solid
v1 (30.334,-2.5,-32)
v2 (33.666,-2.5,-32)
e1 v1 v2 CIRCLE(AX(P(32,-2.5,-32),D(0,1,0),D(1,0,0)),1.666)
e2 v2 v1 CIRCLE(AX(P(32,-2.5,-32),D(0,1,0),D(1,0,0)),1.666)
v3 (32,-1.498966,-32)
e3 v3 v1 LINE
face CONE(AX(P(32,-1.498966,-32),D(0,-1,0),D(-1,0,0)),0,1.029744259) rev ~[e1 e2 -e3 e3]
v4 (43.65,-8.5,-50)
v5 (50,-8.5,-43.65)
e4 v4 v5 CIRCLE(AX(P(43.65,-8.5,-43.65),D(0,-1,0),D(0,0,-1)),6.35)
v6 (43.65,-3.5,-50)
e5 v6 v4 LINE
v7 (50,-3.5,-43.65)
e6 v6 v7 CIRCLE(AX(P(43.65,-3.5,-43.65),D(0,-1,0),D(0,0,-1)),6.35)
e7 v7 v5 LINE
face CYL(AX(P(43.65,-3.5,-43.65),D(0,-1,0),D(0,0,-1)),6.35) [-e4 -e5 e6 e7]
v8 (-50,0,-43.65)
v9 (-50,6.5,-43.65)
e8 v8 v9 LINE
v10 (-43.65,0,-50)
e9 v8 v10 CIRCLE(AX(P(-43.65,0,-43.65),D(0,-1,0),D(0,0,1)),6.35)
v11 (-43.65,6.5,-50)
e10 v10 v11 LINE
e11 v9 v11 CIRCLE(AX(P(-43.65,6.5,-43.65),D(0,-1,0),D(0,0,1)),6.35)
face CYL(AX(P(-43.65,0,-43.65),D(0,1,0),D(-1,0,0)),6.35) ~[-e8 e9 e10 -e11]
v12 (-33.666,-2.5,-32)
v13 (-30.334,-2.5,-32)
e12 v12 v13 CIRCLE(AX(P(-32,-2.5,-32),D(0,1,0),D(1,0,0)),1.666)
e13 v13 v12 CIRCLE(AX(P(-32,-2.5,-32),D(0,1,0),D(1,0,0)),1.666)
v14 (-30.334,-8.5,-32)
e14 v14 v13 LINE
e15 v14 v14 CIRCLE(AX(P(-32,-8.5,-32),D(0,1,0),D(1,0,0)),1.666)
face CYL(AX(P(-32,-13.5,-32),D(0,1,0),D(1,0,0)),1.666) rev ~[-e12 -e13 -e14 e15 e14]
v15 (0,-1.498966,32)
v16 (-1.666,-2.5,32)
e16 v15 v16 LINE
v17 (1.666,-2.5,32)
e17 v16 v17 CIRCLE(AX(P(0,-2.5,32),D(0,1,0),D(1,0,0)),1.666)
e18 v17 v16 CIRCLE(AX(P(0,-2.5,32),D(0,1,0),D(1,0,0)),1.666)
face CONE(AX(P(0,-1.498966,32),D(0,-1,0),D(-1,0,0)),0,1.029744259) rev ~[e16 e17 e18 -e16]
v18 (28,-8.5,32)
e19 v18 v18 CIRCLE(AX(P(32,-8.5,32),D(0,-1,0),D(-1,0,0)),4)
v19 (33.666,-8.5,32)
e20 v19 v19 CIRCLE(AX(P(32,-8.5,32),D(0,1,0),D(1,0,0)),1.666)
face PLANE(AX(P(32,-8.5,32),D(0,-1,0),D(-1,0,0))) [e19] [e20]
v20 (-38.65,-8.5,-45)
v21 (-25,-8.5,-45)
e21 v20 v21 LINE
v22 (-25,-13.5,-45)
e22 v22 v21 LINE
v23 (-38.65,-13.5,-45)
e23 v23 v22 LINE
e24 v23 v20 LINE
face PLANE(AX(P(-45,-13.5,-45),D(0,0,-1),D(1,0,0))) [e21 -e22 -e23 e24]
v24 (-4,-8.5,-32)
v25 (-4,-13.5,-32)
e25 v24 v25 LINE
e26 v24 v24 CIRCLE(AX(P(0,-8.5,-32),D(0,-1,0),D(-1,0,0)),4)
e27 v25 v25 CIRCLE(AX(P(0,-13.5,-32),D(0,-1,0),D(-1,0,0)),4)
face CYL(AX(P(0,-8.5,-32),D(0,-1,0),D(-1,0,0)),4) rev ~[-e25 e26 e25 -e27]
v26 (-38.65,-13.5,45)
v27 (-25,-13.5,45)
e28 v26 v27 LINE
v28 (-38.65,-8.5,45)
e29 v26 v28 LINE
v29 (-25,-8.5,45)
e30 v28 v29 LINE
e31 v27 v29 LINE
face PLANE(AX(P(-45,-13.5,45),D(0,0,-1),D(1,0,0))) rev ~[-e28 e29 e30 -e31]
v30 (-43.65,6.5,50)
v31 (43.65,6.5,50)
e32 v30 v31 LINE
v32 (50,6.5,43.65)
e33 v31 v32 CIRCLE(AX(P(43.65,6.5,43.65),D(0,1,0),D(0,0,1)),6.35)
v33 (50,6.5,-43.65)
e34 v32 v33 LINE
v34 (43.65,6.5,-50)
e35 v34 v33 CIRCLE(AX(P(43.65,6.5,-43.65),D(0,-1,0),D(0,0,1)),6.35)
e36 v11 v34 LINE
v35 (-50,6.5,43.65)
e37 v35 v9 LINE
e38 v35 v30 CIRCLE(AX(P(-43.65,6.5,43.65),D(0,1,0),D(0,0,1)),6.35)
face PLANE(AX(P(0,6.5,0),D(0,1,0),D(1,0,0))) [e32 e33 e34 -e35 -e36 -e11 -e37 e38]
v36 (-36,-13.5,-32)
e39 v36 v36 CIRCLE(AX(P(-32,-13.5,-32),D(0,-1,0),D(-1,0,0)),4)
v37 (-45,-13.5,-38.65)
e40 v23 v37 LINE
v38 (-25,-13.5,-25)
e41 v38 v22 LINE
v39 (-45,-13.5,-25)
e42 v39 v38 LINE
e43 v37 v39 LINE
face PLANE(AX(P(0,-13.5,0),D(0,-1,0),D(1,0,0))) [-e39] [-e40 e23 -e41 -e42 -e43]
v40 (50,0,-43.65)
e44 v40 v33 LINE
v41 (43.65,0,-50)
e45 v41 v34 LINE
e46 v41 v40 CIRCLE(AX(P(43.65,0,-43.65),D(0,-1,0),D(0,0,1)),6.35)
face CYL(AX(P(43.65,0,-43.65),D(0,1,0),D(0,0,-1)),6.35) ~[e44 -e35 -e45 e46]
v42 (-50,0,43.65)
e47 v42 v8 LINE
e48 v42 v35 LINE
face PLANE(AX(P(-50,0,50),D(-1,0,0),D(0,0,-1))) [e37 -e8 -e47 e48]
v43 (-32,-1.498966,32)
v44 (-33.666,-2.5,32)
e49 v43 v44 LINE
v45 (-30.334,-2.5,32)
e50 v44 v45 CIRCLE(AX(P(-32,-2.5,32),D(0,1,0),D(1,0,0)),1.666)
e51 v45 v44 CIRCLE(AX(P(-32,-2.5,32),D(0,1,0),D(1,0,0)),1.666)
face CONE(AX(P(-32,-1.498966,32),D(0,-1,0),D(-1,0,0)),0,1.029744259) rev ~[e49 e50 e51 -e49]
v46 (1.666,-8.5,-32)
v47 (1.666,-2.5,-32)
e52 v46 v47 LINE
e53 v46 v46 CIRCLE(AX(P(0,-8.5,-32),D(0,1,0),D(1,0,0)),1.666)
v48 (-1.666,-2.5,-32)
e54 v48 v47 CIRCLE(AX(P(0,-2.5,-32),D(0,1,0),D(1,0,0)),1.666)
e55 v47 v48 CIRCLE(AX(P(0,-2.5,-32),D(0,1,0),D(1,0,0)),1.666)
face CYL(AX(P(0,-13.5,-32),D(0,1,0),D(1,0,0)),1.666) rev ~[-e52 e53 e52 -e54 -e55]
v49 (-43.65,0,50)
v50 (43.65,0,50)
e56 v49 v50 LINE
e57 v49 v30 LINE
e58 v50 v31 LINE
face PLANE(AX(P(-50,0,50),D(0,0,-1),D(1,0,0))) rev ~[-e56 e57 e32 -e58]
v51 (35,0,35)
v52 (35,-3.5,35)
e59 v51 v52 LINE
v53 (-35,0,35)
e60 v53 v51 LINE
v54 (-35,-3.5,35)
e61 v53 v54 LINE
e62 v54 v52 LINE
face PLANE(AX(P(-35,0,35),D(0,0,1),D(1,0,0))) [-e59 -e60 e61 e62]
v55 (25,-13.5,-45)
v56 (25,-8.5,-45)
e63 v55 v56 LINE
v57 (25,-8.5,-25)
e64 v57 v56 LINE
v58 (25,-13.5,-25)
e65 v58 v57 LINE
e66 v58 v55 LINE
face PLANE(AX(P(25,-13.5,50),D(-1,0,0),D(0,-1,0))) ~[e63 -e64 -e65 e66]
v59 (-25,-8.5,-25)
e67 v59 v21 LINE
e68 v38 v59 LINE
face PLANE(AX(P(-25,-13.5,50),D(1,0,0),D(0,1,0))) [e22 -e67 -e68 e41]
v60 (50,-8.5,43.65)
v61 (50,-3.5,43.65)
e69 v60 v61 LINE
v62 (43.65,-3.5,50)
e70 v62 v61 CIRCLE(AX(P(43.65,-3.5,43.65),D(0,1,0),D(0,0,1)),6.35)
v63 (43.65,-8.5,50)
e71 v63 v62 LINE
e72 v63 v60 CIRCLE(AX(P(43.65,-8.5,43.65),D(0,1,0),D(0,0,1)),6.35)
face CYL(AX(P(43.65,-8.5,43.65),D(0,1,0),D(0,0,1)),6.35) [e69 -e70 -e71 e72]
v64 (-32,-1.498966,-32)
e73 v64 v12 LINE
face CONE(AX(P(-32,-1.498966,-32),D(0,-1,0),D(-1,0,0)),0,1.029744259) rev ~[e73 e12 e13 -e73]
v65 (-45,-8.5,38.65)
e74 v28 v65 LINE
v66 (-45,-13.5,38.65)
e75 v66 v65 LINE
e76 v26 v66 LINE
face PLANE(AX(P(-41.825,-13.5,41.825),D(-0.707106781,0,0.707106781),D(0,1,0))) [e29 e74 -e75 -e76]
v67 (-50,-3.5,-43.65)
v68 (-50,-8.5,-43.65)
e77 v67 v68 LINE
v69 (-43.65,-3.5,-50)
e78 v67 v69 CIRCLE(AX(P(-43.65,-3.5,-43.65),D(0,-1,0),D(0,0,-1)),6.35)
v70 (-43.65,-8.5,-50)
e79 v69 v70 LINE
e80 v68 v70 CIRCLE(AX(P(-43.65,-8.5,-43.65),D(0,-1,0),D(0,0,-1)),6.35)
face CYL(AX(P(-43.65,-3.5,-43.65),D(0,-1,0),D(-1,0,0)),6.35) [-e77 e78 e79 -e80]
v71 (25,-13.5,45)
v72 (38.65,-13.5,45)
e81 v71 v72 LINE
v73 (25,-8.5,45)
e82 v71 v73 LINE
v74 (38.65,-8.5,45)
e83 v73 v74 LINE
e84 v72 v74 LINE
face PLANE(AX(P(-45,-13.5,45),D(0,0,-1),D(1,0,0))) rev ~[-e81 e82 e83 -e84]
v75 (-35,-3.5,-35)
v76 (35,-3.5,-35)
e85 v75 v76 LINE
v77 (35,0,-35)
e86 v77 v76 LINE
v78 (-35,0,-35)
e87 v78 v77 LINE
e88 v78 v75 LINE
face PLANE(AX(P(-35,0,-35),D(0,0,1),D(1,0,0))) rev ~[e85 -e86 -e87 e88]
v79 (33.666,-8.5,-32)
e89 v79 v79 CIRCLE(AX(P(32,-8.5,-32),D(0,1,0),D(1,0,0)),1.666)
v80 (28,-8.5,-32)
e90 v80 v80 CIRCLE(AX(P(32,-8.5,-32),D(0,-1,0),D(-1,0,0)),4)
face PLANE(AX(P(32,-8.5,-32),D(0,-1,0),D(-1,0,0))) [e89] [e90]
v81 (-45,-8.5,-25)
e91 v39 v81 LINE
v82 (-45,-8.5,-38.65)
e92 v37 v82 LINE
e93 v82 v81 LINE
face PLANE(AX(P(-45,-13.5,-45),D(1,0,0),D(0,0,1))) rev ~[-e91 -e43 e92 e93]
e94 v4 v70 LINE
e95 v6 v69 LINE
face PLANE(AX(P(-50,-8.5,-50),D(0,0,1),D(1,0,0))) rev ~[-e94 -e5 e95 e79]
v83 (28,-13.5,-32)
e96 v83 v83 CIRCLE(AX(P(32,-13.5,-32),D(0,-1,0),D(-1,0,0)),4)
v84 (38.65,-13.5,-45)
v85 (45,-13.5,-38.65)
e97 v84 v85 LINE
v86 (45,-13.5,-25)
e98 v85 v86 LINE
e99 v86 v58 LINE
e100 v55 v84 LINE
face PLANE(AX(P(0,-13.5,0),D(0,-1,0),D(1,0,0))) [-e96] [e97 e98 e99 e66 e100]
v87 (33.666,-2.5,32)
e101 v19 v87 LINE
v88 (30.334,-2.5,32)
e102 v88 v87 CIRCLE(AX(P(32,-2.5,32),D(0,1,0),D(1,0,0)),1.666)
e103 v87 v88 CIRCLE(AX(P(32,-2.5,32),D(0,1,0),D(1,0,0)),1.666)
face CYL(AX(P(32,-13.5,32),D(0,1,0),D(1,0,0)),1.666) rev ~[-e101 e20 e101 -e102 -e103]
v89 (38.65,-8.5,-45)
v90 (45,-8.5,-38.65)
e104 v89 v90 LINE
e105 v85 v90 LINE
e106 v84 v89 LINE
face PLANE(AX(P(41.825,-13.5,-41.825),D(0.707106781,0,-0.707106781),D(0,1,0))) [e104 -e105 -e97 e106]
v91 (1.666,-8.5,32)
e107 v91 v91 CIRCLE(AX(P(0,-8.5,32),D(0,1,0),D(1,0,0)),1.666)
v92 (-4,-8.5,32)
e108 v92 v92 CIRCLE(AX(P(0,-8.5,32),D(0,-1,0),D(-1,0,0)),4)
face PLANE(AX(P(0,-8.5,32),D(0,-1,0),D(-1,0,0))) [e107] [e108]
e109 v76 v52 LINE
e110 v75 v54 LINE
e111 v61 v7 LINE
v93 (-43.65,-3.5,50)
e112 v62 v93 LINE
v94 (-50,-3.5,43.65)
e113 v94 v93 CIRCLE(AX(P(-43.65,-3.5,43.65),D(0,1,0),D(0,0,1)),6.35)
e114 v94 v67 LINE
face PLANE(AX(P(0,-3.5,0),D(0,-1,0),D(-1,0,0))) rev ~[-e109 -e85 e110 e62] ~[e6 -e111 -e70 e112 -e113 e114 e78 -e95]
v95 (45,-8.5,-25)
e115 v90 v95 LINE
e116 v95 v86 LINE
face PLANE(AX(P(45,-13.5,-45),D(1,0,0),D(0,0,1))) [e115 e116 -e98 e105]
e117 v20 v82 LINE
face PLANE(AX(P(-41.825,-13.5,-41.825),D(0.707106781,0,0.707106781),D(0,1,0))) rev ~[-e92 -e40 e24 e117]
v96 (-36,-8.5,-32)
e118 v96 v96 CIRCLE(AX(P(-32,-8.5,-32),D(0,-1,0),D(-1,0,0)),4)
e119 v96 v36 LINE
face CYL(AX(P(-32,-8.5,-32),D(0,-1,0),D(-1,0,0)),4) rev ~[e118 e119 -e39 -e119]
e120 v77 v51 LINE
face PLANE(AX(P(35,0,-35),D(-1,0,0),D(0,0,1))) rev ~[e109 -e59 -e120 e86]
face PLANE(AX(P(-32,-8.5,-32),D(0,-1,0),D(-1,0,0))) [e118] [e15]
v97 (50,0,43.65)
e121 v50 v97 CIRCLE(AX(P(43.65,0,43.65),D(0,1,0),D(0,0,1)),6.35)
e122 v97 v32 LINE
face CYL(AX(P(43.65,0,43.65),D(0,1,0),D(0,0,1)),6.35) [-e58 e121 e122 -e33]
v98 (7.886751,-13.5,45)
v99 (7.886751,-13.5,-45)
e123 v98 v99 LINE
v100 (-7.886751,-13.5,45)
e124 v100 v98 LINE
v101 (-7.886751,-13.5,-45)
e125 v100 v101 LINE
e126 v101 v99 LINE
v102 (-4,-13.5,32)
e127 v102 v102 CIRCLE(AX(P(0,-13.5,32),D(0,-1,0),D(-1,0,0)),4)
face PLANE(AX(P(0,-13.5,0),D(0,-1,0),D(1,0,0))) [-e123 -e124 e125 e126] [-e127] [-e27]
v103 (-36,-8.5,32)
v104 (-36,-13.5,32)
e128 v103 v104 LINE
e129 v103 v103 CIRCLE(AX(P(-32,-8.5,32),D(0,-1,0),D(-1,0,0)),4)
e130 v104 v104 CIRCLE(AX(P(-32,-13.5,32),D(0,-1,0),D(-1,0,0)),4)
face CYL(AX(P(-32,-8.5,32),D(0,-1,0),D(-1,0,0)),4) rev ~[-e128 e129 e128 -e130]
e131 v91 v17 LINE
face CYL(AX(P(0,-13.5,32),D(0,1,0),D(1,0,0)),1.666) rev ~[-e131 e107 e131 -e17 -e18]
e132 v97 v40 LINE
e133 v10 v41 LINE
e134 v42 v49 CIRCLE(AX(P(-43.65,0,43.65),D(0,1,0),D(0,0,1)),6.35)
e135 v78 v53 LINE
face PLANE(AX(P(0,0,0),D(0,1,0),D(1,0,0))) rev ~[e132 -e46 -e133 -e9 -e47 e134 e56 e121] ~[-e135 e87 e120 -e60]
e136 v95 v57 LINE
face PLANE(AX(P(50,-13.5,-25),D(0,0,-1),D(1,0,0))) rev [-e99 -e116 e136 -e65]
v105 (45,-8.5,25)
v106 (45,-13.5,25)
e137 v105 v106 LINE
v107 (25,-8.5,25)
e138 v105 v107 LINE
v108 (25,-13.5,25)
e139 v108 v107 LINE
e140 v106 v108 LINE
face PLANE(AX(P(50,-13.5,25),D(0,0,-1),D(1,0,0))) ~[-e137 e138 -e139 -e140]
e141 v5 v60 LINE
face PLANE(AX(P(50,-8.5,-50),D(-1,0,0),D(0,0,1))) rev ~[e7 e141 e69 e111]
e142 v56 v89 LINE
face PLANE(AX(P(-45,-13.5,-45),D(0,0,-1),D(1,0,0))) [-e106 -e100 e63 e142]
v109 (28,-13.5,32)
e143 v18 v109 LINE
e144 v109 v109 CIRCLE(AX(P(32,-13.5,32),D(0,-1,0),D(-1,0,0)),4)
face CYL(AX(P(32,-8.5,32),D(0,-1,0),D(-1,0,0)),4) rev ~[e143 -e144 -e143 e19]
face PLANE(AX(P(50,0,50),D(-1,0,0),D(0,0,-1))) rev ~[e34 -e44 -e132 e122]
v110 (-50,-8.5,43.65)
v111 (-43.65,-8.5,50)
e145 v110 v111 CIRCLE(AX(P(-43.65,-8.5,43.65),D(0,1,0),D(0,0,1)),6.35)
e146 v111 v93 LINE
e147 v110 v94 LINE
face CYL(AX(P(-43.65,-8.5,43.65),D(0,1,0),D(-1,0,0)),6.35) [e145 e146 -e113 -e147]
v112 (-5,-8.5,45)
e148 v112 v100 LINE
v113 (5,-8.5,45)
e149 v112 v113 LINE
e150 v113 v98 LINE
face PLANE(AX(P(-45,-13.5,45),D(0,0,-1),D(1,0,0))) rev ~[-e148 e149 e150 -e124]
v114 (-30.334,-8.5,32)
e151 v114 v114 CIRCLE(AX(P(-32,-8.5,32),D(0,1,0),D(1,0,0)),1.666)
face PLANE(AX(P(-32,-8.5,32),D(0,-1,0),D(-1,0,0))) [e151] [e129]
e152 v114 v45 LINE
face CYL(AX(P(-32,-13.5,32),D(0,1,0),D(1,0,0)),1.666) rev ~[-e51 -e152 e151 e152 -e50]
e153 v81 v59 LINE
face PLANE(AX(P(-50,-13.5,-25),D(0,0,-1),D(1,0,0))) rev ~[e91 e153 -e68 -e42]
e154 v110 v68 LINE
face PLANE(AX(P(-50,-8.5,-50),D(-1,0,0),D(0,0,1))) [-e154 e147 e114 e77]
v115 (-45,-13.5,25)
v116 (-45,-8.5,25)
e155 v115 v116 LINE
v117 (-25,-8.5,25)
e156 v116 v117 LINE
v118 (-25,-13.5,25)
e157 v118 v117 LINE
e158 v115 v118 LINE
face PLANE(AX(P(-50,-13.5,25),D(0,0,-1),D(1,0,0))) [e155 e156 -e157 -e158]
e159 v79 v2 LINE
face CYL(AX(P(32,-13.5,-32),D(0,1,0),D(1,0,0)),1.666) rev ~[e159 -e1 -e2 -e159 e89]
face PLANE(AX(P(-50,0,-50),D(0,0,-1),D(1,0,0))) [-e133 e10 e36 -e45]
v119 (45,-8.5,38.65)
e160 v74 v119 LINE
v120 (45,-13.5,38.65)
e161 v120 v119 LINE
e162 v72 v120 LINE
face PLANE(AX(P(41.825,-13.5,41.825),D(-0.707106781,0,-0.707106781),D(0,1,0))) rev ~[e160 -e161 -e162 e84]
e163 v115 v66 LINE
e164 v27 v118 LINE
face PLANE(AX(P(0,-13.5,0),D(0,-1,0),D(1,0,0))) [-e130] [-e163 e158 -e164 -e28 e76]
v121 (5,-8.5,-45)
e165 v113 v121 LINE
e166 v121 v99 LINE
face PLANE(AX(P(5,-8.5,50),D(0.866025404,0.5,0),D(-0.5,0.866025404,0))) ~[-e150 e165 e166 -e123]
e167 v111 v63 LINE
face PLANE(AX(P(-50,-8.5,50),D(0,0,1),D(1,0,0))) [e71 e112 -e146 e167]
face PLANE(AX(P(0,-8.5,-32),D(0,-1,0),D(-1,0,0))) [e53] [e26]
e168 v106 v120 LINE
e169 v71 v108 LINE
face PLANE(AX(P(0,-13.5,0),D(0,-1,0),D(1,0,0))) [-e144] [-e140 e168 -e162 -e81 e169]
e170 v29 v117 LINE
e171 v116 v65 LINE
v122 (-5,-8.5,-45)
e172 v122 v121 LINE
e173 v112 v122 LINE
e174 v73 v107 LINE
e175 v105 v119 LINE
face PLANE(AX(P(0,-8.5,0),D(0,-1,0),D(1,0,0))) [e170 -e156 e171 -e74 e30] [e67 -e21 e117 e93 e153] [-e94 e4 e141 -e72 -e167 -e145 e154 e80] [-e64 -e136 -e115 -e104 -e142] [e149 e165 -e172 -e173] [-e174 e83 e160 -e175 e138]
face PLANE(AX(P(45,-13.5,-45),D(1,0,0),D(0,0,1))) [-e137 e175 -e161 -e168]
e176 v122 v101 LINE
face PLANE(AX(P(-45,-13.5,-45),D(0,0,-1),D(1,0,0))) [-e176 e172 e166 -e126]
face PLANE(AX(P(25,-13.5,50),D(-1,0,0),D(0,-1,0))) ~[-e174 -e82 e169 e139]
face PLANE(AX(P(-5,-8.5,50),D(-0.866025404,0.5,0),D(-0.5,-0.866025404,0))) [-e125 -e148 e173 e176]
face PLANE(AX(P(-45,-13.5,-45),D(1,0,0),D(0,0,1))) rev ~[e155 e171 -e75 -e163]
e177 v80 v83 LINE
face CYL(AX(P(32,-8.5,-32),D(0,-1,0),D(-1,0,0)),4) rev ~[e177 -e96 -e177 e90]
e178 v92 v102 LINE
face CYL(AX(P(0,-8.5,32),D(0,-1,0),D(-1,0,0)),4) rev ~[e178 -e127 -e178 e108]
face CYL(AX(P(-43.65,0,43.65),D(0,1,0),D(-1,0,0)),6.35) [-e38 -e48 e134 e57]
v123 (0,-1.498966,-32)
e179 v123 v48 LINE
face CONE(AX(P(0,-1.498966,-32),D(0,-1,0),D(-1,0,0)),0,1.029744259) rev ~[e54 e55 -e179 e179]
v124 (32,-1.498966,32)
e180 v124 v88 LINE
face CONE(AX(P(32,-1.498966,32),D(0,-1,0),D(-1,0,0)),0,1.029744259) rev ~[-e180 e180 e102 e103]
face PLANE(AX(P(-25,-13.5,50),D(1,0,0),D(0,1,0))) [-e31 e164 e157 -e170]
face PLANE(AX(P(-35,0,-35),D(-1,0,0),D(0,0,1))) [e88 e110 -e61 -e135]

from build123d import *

# Parameters (mm, degrees)
SKETCH1_W                                   = 100
SKETCH1_H                                   = 100
BOSS_EXTRUDE1_DEPTH                         = 6.5
SKETCH2_W                                   = 100
SKETCH2_H                                   = 100
BOSS_EXTRUDE2_DEPTH                         = 5
SKETCH3_W                                   = 100
SKETCH3_H                                   = 100
BOSS_EXTRUDE3_DEPTH                         = 5
CUT_EXTRUDE1_DEPTH                          = 101
SKETCH6_W                                   = 100
SKETCH6_H                                   = 100
SKETCH6_W_2                                 = 90
SKETCH6_H_2                                 = 90
CUT_EXTRUDE2_DEPTH                          = 5
SKETCH9_W                                   = 70
SKETCH9_H                                   = 70
BOSS_EXTRUDE4_DEPTH                         = 3.5
CBORE_FOR_M5_CHEESE_HEAD_SCREW1_D           = 3.332
CBORE_FOR_M5_CHEESE_HEAD_SCREW1_DEPTH       = 11
CBORE_FOR_M5_CHEESE_HEAD_SCREW1_CBORE_D     = 8
CBORE_FOR_M5_CHEESE_HEAD_SCREW1_CBORE_DEPTH = 5
CBORE_FOR_M5_CHEESE_HEAD_SCREW1_TIP         = 1.001033791
FILLET1_R                                   = 6.35
CHAMFER1_SIZE                               = 6.35
SKETCH14_W                                  = 25
SKETCH14_H                                  = 50
CUT_EXTRUDE3_DEPTH                          = 5


with BuildPart() as part:
    # Sketch1 → Boss-Extrude1 (new body)
    with BuildSketch(Plane(origin=(0, 0, 0), x_dir=(1, 0, 0), z_dir=(0, 1, 0))):
        Rectangle(SKETCH1_W, SKETCH1_H)
    extrude(amount=BOSS_EXTRUDE1_DEPTH)



with BuildPart() as body_2:
    # Sketch2 → Boss-Extrude2 (new body)
    with BuildSketch(Plane(origin=(0, -3.5, 0), x_dir=(-1, 0, 0), z_dir=(0, -1, 0))):
        Rectangle(SKETCH2_W, SKETCH2_H)
    extrude(amount=BOSS_EXTRUDE2_DEPTH)

    # Sketch3 → Boss-Extrude3 (add)
    with BuildSketch(Plane.XZ.offset(8.5)):
        Rectangle(SKETCH3_W, SKETCH3_H)
    extrude(amount=BOSS_EXTRUDE3_DEPTH)

    # Sketch4 → Cut-Extrude1 (cut, through all)
    with BuildSketch(Plane.XY.offset(50)):
        Polygon((-25, -13.5), (-25, -8.5), (-5, -8.5), (-7.886751346, -13.5), align=None)
    cut_extrude1 = extrude(amount=-CUT_EXTRUDE1_DEPTH, mode=Mode.SUBTRACT)

    # Mirror1: Cut-Extrude1 across plane
    add(cut_extrude1.mirror(Plane(origin=(0, 0, 0), x_dir=(0, 0, 1), z_dir=(1, 0, 0))), mode=Mode.SUBTRACT)

    # Sketch6 → Cut-Extrude2 (cut)
    with BuildSketch(Plane.XZ.offset(13.5)):
        Rectangle(SKETCH6_W, SKETCH6_H)
        Rectangle(SKETCH6_W_2, SKETCH6_H_2, mode=Mode.SUBTRACT)
    extrude(amount=-CUT_EXTRUDE2_DEPTH, mode=Mode.SUBTRACT)


with BuildPart() as part_1:
    add(part.part)

    add(body_2.part)  # Boss-Extrude4 merges body 2
    # Sketch9 → Boss-Extrude4 (add)
    with BuildSketch(Plane.XZ):
        Rectangle(SKETCH9_W, SKETCH9_H)
    extrude(amount=BOSS_EXTRUDE4_DEPTH)

    # CBORE for M5 Cheese Head Screw1
    with Locations(Plane(origin=(0, -13.5, 0), x_dir=(-1, 0, 0), z_dir=(0, -1, 0))):
        with Locations((-32, 32), (0, 32), (32, 32), (32, -32), (0, -32), (-32, -32)):
            CounterBoreHole(CBORE_FOR_M5_CHEESE_HEAD_SCREW1_D / 2, CBORE_FOR_M5_CHEESE_HEAD_SCREW1_CBORE_D / 2, CBORE_FOR_M5_CHEESE_HEAD_SCREW1_CBORE_DEPTH, depth=CBORE_FOR_M5_CHEESE_HEAD_SCREW1_DEPTH)
            with Locations((0, 0, -(CBORE_FOR_M5_CHEESE_HEAD_SCREW1_DEPTH + CBORE_FOR_M5_CHEESE_HEAD_SCREW1_TIP / 2))):  # 118° drill point
                Cone(0, CBORE_FOR_M5_CHEESE_HEAD_SCREW1_D / 2, CBORE_FOR_M5_CHEESE_HEAD_SCREW1_TIP, mode=Mode.SUBTRACT)

    # Fillet1
    fillet1_edges = [part_1.edges().sort_by_distance(p)[0] for p in [
        (50, -6, 50),
        (-50, -6, -50),
        (-50, -6, 50),
        (50, -6, -50),
        (-50, 3.25, -50),
        (50, 3.25, -50),
        (50, 3.25, 50),
        (-50, 3.25, 50),
    ]]
    fillet(fillet1_edges, radius=FILLET1_R)

    # Chamfer1
    chamfer1_edges = [part_1.edges().sort_by_distance(p)[0] for p in [
        (45, -11, -45),
        (45, -11, 45),
        (-45, -11, 45),
        (-45, -11, -45),
    ]]
    chamfer(chamfer1_edges, length=CHAMFER1_SIZE)

    # Sketch14 → Cut-Extrude3 (cut)
    with BuildSketch(Plane.XZ.offset(13.5)):
        with Locations((-37.5, 0)):
            Rectangle(SKETCH14_W, SKETCH14_H)
    cut_extrude3 = extrude(amount=-CUT_EXTRUDE3_DEPTH, mode=Mode.SUBTRACT)

    # Mirror2: Cut-Extrude3 across plane
    add(cut_extrude3.mirror(Plane(origin=(0, 0, 0), x_dir=(0, 0, 1), z_dir=(1, 0, 0))), mode=Mode.SUBTRACT)


solid = part_1.part
